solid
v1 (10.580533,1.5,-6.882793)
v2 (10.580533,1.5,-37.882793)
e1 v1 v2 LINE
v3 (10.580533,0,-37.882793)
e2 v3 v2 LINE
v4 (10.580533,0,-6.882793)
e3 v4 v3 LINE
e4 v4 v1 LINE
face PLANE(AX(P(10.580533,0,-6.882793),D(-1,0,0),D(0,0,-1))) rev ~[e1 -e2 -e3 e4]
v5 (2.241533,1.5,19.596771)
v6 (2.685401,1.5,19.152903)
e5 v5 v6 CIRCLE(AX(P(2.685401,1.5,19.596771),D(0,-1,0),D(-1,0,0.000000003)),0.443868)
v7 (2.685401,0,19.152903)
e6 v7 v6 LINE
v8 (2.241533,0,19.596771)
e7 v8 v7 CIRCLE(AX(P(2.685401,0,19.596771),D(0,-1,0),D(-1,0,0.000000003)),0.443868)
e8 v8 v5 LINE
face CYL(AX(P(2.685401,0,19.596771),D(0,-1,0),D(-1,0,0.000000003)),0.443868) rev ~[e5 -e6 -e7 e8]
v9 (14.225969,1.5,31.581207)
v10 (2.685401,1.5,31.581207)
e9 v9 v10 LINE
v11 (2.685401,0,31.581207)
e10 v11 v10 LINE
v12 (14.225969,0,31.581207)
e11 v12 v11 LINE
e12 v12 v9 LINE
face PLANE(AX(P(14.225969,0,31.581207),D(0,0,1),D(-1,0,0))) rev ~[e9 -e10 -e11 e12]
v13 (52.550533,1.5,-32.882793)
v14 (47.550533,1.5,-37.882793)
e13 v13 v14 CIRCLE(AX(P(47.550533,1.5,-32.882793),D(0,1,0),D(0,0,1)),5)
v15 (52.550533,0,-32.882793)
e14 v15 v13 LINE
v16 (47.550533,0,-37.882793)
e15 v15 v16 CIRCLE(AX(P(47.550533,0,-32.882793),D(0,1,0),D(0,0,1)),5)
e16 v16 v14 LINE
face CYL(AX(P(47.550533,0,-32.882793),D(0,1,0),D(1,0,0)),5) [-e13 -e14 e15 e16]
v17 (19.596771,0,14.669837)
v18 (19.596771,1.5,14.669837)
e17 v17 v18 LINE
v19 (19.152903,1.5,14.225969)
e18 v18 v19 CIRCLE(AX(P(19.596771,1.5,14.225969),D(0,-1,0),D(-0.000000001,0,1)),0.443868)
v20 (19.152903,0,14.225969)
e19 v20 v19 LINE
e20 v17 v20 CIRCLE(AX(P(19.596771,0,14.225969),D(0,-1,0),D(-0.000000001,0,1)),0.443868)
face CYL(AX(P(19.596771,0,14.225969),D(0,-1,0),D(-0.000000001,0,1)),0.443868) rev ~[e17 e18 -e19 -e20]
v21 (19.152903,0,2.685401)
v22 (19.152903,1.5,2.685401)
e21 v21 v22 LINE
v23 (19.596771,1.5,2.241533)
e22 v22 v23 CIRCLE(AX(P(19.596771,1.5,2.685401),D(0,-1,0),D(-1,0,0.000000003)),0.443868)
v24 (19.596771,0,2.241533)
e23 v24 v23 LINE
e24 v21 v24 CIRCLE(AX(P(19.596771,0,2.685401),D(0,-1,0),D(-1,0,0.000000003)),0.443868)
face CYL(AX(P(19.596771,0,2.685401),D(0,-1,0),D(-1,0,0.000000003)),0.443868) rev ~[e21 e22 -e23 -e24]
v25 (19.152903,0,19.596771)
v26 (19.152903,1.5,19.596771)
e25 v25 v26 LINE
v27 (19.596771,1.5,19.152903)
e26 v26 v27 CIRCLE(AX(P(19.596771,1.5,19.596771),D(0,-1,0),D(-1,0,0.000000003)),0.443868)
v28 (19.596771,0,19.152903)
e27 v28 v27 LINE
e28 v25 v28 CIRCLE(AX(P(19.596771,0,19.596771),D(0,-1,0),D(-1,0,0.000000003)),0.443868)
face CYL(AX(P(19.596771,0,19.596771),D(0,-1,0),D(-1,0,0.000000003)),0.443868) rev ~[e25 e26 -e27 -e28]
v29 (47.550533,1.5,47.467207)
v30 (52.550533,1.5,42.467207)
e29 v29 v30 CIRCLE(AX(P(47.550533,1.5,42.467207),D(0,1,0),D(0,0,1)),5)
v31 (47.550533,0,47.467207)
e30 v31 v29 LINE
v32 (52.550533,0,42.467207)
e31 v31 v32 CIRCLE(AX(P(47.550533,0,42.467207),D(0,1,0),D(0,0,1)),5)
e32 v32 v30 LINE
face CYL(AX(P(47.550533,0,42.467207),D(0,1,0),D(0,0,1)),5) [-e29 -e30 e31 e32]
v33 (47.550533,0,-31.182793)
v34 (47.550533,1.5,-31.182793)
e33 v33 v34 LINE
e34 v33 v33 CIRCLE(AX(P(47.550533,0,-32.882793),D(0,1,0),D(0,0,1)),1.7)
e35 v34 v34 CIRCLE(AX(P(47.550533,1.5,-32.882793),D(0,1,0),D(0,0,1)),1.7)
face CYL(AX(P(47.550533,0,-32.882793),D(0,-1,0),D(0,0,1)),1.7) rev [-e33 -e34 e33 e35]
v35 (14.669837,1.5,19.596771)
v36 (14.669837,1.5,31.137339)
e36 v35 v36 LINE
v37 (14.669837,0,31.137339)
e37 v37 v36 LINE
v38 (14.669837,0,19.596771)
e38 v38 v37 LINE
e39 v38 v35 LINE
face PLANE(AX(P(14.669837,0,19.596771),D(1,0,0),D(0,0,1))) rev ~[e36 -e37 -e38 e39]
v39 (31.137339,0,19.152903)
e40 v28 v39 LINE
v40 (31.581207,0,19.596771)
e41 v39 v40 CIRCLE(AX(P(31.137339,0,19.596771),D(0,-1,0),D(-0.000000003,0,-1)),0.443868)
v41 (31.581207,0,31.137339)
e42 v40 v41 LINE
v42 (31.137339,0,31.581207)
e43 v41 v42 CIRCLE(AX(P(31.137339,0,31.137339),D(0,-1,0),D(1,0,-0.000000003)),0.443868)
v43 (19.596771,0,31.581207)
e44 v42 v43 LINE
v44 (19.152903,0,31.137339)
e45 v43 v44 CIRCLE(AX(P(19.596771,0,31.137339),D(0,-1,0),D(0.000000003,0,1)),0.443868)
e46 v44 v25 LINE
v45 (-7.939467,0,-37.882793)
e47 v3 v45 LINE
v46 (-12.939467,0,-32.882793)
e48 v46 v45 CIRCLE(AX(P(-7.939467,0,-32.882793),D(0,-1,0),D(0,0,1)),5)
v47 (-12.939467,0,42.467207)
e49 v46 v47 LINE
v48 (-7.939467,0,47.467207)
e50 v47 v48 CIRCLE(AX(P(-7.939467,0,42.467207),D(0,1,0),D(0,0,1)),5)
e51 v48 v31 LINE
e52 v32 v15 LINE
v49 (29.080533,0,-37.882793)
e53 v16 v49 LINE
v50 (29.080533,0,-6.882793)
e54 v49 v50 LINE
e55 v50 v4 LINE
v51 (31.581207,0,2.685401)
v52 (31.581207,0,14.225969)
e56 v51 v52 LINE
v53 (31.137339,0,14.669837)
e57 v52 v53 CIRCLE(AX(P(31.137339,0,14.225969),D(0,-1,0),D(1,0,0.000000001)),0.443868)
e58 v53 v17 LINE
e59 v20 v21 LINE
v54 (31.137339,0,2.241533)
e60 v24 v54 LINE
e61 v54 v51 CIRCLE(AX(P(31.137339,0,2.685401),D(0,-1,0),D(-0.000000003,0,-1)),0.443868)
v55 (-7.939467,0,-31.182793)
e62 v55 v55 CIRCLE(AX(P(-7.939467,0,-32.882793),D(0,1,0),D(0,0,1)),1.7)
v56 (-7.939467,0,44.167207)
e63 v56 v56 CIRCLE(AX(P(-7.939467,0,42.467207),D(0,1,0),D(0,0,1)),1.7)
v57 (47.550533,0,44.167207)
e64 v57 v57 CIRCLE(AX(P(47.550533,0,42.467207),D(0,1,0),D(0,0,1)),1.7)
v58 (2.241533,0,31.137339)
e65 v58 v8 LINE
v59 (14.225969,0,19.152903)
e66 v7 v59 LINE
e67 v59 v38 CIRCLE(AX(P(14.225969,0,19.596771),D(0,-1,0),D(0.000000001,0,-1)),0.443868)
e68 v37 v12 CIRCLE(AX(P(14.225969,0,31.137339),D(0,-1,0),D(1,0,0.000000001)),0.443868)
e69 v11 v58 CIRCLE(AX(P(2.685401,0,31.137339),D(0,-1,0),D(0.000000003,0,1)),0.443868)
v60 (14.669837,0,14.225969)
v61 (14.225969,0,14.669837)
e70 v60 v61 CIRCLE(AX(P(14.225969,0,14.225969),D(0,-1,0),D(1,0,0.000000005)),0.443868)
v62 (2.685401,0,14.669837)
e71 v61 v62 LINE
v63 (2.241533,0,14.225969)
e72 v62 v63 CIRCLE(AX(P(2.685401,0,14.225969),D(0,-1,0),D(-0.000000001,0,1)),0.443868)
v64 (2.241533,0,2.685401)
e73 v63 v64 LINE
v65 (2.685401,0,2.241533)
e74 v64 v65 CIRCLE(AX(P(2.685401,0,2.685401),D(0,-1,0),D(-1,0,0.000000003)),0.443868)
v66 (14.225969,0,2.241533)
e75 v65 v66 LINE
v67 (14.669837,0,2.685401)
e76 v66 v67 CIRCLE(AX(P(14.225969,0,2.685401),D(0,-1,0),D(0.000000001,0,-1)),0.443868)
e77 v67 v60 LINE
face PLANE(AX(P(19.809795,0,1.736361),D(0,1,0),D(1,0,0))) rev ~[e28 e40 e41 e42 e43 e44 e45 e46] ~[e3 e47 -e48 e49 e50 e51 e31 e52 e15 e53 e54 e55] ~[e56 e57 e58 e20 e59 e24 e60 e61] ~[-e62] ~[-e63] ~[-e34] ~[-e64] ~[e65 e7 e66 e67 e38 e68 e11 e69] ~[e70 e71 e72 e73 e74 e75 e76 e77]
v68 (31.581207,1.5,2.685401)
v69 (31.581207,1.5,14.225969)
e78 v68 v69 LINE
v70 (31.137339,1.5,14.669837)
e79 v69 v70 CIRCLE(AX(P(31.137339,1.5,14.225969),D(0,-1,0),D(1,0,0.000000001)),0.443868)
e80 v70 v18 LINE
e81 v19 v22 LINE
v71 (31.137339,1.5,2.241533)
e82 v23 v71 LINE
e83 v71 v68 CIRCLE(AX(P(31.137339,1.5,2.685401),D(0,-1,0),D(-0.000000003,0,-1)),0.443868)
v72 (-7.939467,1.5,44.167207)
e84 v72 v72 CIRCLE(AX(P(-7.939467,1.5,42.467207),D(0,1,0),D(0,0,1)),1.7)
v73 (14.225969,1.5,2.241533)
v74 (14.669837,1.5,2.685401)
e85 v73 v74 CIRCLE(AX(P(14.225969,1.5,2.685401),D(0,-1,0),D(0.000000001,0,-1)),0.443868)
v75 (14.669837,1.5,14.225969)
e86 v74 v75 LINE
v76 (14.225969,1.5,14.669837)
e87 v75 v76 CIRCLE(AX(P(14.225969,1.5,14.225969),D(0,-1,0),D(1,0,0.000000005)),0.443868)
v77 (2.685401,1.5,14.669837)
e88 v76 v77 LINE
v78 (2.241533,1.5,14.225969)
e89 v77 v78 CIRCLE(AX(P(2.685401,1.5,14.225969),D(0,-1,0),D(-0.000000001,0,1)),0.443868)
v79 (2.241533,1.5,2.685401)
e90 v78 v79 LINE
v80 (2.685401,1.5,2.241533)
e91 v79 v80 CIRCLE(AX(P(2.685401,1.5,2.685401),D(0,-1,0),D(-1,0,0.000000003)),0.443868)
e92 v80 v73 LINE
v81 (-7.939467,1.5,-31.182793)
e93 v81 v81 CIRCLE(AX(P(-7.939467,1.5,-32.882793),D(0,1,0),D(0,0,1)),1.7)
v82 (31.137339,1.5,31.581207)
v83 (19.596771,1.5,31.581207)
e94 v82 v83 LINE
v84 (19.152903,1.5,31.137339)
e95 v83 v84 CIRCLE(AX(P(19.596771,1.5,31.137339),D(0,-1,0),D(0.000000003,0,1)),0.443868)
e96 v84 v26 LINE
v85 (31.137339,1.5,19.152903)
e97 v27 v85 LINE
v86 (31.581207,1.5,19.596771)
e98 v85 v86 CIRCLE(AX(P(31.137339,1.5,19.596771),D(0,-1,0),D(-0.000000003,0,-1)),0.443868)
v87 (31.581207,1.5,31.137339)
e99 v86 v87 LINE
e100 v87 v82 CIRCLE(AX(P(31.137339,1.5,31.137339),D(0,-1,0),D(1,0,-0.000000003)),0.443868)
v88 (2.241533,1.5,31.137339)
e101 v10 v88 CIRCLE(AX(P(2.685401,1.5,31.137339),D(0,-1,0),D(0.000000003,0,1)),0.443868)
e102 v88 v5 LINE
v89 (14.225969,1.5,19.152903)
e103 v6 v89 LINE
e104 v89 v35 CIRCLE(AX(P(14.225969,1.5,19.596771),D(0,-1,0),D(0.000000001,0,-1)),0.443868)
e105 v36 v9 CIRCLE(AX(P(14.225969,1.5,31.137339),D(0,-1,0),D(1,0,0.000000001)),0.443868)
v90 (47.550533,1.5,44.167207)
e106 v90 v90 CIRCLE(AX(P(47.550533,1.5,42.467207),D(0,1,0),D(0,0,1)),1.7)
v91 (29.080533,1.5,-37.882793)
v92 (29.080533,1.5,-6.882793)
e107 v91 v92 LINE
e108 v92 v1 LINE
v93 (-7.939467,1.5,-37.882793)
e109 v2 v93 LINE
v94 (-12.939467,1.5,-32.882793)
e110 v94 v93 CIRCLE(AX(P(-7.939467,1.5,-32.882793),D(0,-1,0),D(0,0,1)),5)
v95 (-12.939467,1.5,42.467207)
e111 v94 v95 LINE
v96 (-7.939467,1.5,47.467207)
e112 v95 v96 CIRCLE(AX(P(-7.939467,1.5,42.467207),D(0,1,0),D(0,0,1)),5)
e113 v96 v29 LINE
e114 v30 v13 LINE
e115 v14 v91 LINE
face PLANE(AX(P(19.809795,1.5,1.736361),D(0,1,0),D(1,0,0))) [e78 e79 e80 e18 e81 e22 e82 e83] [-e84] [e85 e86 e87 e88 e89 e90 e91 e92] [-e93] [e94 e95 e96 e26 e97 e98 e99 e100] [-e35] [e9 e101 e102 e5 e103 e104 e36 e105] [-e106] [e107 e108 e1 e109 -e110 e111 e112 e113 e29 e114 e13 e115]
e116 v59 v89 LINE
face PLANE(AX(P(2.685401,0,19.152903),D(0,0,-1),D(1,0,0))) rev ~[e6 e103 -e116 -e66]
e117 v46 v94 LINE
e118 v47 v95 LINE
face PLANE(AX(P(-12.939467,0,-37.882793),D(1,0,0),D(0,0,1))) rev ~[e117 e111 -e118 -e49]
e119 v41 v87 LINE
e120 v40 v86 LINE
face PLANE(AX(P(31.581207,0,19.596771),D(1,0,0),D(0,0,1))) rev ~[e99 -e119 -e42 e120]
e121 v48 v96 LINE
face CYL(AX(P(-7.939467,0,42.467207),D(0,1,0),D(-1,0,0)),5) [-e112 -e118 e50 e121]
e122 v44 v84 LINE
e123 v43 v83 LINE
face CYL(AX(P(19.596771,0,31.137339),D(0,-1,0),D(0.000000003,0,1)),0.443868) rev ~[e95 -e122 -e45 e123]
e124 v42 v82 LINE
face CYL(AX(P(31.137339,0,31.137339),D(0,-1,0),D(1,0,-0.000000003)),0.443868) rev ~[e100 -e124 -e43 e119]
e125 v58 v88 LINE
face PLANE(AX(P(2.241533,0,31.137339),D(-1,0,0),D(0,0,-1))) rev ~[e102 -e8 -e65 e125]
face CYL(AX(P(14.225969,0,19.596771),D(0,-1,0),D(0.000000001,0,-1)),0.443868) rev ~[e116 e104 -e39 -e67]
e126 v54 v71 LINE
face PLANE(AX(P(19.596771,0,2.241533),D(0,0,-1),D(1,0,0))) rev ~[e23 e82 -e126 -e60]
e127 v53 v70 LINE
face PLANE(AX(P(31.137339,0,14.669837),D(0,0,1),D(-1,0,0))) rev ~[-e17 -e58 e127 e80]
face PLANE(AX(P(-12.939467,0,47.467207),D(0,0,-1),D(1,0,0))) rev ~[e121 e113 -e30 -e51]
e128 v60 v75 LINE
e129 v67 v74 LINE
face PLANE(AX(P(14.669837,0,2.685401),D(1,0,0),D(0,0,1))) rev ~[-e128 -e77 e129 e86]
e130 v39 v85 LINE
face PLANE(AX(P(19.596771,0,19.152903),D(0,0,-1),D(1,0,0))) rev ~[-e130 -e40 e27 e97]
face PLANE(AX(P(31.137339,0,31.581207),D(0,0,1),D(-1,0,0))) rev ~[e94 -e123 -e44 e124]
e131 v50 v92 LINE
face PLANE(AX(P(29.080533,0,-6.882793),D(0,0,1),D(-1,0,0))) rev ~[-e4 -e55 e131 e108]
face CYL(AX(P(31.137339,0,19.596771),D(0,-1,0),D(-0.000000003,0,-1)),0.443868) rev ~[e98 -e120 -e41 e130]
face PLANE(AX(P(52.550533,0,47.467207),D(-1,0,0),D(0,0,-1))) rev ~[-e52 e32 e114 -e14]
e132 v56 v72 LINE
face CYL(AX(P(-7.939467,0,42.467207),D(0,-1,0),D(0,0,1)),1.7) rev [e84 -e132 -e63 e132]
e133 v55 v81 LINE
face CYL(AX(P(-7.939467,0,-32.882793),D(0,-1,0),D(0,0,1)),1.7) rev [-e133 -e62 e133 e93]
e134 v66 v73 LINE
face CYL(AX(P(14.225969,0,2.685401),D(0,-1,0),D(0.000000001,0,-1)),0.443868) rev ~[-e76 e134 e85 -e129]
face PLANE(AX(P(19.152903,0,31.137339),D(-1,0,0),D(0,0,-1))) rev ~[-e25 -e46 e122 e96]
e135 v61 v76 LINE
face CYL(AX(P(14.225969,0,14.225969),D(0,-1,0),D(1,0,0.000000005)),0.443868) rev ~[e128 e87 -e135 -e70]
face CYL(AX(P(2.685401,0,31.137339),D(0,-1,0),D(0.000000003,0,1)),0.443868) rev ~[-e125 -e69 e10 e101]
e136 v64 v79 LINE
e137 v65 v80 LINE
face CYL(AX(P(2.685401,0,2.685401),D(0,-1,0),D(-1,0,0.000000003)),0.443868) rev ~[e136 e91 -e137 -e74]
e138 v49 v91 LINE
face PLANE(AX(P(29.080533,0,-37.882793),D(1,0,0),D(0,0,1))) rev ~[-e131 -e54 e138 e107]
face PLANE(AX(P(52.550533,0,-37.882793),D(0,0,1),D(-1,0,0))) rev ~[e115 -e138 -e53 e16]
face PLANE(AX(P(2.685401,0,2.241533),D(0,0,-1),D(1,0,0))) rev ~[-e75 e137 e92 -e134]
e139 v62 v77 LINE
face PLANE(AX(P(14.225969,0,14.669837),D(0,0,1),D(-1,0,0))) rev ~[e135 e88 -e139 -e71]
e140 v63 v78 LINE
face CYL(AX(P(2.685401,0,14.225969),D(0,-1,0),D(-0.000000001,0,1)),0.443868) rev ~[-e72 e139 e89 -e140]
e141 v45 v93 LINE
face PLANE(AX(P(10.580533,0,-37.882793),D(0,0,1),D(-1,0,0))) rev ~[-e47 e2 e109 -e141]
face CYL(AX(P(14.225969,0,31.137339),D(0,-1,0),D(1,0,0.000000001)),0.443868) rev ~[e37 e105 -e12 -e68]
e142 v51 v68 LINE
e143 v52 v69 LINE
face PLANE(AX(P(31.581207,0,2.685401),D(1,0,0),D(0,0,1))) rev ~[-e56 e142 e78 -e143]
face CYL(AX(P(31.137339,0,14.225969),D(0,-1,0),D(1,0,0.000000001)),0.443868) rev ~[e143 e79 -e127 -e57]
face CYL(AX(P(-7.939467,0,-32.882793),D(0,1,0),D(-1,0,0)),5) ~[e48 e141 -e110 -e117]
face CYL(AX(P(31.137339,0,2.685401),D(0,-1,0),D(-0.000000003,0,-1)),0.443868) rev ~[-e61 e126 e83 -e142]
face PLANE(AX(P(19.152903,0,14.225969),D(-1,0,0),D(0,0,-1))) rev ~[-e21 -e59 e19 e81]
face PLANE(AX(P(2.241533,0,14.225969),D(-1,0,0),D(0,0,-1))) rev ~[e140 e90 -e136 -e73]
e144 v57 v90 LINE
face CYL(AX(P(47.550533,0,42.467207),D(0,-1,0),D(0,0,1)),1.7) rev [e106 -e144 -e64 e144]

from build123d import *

# Parameters (mm, degrees)
SKETCH1_R           = 1.7
BOSS_EXTRUDE1_DEPTH = 1.5
FILLET1_R           = 5


with BuildPart() as part:
    # Sketch1 → Boss-Extrude1 (new body)
    with BuildSketch(Plane(origin=(0, 0, 0), x_dir=(1, 0, 0), z_dir=(0, 1, 0))):
        Polygon((-12.939466701, 37.882793222), (-12.939466701, -47.467206778), (52.550533299, -47.467206778), (52.550533299, 37.882793222), (29.080533299, 37.882793222), (29.080533299, 6.882793222), (10.580533299, 6.882793222), (10.580533299, 37.882793222), align=None)
        with Locations(Location((-7.939466701, -42.467206778, 0), (0, 0, 270))):
            Circle(SKETCH1_R, mode=Mode.SUBTRACT)
        with BuildLine():
            ThreePointArc((2.241533299, -19.596771318), (2.37153922, -19.282909259), (2.685401279, -19.152903338))
            Line((2.685401279, -19.152903338), (14.22596876, -19.152903338))
            ThreePointArc((14.22596876, -19.152903338), (14.539830818, -19.282909259), (14.66983674, -19.596771318))
            Line((14.66983674, -19.596771318), (14.66983674, -31.137338798))
            ThreePointArc((14.66983674, -31.137338798), (14.539830818, -31.451200857), (14.22596876, -31.581206778))
            Line((14.22596876, -31.581206778), (2.685401279, -31.581206778))
            ThreePointArc((2.685401279, -31.581206778), (2.37153922, -31.451200857), (2.241533299, -31.137338798))
            Line((2.241533299, -31.137338798), (2.241533299, -19.596771318))
        make_face(mode=Mode.SUBTRACT)
        with BuildLine():
            ThreePointArc((2.241533299, -2.685401279), (2.37153922, -2.37153922), (2.685401279, -2.241533299))
            Line((2.685401279, -2.241533299), (14.22596876, -2.241533299))
            ThreePointArc((14.22596876, -2.241533299), (14.539830818, -2.37153922), (14.66983674, -2.685401279))
            Line((14.66983674, -2.685401279), (14.66983674, -14.22596876))
            ThreePointArc((14.66983674, -14.22596876), (14.539830818, -14.539830818), (14.22596876, -14.66983674))
            Line((14.22596876, -14.66983674), (2.685401279, -14.66983674))
            ThreePointArc((2.685401279, -14.66983674), (2.37153922, -14.539830818), (2.241533299, -14.22596876))
            Line((2.241533299, -14.22596876), (2.241533299, -2.685401279))
        make_face(mode=Mode.SUBTRACT)
        with Locations(Location((47.550533299, -42.467206778, 0), (0, 0, 270))):
            Circle(SKETCH1_R, mode=Mode.SUBTRACT)
        with BuildLine():
            ThreePointArc((19.152903338, -19.596771318), (19.282909259, -19.282909259), (19.596771318, -19.152903338))
            Line((19.596771318, -19.152903338), (31.137338798, -19.152903338))
            ThreePointArc((31.137338798, -19.152903338), (31.451200857, -19.282909259), (31.581206778, -19.596771318))
            Line((31.581206778, -19.596771318), (31.581206778, -31.137338798))
            ThreePointArc((31.581206778, -31.137338798), (31.451200857, -31.451200857), (31.137338798, -31.581206778))
            Line((31.137338798, -31.581206778), (19.596771318, -31.581206778))
            ThreePointArc((19.596771318, -31.581206778), (19.282909259, -31.451200857), (19.152903338, -31.137338798))
            Line((19.152903338, -31.137338798), (19.152903338, -19.596771318))
        make_face(mode=Mode.SUBTRACT)
        with BuildLine():
            ThreePointArc((19.152903338, -2.685401279), (19.282909259, -2.37153922), (19.596771318, -2.241533299))
            Line((19.596771318, -2.241533299), (31.137338798, -2.241533299))
            ThreePointArc((31.137338798, -2.241533299), (31.451200857, -2.37153922), (31.581206778, -2.685401279))
            Line((31.581206778, -2.685401279), (31.581206778, -14.22596876))
            ThreePointArc((31.581206778, -14.22596876), (31.451200857, -14.539830818), (31.137338798, -14.66983674))
            Line((31.137338798, -14.66983674), (19.596771318, -14.66983674))
            ThreePointArc((19.596771318, -14.66983674), (19.282909259, -14.539830818), (19.152903338, -14.22596876))
            Line((19.152903338, -14.22596876), (19.152903338, -2.685401279))
        make_face(mode=Mode.SUBTRACT)
        with Locations(Location((-7.939466701, 32.882793222, 0), (0, 0, 270))):
            Circle(SKETCH1_R, mode=Mode.SUBTRACT)
        with Locations(Location((47.550533299, 32.882793222, 0), (0, 0, 270))):
            Circle(SKETCH1_R, mode=Mode.SUBTRACT)
    extrude(amount=BOSS_EXTRUDE1_DEPTH)

    # Fillet1
    fillet1_edges = [part.edges().sort_by_distance(p)[0] for p in [
        (52.550533299, 0.75, -37.882793222),
        (52.550533299, 0.75, 47.467206778),
        (-12.939466701, 0.75, 47.467206778),
        (-12.939466701, 0.75, -37.882793222),
    ]]
    fillet(fillet1_edges, radius=FILLET1_R)


solid = part.part
